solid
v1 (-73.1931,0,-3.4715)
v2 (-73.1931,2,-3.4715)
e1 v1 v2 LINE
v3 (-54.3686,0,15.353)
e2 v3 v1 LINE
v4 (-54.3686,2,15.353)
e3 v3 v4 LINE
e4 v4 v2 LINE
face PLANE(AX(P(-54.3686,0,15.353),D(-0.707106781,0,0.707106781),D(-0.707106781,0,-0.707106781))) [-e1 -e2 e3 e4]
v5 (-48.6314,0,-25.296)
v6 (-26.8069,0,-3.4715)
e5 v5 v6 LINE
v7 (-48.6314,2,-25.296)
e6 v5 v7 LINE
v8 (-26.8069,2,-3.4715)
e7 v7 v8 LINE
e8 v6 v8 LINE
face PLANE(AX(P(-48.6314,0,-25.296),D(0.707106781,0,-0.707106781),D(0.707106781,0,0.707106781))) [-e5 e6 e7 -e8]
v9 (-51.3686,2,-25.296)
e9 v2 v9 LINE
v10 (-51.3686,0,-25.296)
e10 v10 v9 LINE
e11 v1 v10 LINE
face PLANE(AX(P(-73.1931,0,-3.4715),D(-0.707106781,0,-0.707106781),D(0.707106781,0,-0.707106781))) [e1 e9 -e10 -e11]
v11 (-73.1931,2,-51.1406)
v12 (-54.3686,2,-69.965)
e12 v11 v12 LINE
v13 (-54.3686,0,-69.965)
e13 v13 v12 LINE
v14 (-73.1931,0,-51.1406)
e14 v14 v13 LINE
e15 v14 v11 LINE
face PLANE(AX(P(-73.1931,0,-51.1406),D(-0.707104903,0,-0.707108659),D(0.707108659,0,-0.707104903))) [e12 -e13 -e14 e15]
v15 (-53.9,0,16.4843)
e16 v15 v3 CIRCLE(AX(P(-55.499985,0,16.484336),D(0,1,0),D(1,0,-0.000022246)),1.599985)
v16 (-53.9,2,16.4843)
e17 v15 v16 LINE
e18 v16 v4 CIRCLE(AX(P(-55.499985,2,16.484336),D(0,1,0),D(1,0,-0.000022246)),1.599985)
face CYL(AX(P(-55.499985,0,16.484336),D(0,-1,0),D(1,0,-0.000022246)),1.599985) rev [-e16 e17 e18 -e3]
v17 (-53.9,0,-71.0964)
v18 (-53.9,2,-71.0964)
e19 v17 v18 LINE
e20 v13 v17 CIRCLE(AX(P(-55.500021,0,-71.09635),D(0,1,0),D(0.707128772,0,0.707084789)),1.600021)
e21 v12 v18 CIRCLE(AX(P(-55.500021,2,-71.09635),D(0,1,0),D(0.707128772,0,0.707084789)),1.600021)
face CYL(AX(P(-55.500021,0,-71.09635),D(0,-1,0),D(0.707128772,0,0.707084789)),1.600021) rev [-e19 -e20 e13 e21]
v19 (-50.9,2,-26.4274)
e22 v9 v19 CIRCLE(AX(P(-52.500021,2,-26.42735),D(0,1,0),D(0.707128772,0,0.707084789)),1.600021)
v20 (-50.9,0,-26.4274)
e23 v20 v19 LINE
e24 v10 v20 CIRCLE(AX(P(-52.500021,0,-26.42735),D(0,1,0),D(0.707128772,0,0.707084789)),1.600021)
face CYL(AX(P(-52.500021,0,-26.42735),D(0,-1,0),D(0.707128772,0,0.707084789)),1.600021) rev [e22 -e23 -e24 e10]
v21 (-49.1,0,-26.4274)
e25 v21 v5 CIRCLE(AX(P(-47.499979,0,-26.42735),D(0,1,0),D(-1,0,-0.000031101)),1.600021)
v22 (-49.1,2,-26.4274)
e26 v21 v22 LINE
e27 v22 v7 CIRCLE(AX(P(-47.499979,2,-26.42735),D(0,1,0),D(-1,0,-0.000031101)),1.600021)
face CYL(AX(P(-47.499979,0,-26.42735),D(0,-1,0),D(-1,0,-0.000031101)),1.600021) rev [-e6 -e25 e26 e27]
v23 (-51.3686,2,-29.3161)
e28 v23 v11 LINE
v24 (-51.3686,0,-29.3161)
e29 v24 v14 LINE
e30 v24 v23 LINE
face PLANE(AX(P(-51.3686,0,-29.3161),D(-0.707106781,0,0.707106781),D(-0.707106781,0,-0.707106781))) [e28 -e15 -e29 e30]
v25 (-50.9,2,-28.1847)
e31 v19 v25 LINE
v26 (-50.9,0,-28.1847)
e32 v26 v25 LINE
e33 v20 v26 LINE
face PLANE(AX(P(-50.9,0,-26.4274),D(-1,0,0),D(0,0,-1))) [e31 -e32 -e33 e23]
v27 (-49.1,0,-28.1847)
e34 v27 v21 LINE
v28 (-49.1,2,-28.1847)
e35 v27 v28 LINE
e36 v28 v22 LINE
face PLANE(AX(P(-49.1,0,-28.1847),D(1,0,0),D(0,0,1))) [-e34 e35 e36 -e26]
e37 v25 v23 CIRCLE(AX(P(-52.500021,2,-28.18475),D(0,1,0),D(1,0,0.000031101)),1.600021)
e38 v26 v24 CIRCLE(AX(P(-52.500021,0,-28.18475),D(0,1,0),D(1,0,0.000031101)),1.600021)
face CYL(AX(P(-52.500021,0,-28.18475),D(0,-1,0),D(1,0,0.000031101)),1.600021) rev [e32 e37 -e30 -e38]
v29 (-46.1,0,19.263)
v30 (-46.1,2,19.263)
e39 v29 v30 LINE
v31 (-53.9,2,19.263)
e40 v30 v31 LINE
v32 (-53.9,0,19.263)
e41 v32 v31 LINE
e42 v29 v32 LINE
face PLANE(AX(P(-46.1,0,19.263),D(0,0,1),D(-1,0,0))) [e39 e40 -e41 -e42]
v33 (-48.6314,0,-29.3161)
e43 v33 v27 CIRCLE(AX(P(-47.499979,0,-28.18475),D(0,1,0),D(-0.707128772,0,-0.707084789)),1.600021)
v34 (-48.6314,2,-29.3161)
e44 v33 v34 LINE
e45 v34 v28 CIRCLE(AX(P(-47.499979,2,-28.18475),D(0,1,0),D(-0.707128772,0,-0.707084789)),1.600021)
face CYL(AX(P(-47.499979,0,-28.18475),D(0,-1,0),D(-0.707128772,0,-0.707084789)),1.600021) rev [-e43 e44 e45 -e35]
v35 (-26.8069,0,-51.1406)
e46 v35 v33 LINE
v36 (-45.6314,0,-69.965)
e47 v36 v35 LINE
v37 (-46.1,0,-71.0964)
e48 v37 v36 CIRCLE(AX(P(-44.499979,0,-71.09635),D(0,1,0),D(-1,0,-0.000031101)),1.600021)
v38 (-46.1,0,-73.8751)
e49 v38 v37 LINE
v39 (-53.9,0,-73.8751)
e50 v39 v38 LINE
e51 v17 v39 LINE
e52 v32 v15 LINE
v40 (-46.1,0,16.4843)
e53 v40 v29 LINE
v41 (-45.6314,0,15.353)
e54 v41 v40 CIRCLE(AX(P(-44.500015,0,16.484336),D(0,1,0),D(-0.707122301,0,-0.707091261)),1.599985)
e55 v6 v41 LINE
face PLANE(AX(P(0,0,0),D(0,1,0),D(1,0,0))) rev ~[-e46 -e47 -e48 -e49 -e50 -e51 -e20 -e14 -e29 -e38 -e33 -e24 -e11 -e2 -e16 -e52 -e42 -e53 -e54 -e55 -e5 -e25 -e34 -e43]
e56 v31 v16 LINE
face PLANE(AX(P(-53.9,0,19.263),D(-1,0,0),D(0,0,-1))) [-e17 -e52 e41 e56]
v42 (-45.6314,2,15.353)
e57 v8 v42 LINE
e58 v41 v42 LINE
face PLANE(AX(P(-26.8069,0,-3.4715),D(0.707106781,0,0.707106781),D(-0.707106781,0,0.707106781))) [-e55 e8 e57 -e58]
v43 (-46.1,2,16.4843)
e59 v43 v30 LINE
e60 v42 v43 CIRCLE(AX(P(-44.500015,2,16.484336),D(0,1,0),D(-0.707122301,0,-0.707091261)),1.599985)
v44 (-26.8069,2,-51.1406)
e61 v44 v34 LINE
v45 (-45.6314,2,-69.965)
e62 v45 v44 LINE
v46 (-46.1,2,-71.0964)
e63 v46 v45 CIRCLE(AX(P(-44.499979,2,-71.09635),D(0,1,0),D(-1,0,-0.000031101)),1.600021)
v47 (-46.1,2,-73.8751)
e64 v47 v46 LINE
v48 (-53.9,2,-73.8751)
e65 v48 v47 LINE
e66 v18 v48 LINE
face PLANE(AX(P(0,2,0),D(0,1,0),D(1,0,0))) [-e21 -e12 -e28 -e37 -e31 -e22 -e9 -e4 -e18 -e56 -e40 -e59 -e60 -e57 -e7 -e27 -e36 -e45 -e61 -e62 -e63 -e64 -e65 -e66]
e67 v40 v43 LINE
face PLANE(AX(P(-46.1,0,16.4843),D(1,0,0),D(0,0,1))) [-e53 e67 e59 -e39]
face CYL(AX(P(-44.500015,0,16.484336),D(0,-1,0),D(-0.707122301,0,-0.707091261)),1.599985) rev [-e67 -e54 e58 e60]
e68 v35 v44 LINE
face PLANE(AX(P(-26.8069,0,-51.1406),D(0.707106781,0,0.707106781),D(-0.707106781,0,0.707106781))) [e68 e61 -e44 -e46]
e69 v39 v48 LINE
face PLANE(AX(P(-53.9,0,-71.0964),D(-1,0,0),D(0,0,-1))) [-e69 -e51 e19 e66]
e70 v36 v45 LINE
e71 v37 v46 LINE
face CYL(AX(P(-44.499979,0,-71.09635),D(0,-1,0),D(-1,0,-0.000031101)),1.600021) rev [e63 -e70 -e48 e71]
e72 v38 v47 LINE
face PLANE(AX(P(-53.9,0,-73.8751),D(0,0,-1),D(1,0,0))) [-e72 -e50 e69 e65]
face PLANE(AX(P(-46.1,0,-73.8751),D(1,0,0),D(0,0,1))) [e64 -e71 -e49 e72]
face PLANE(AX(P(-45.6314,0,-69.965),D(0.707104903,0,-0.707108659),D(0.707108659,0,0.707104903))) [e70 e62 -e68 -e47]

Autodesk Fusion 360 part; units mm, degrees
sketch "back" plane through (0, 0, 0) normal (0, 1, 0) x (1, 0, 0)
  arc A0 (-49, 26.4274) -> (-48.5607, 25.3667) centre (-47.5, 26.4274) ccw
  line L0 (-46, -19.363) -> (-54, -19.363)
  line L1 (-54.4393, -15.4237) -> (-73.3345, 3.4715)
  arc A1 (-48.5607, 29.2454) -> (-49, 28.1847) centre (-47.5, 28.1847) ccw
  line L2 (-48.5607, 25.3667) -> (-26.6655, 3.4715)
  arc A2 (-54, -16.4843) -> (-54.4393, -15.4237) centre (-55.5, -16.4843) ccw
  arc A3 (-51.4393, 25.3667) -> (-51, 26.4274) centre (-52.5, 26.4274) ccw
  arc A4 (-54.4393, 70.0358) -> (-54, 71.0964) centre (-55.5, 71.0964) ccw
  line L3 (-73.1931, 51.1406) -> (-54.3686, 69.965)
  arc A5 (-54.3686, 69.965) -> (-53.9, 71.0964) centre (-55.5, 71.0964) ccw
  line L4 (-53.9, -19.263) -> (-53.9, -16.4843)
  line L5 (-45.5607, 70.0358) -> (-26.6655, 51.1406)
  line L6 (-51, 26.4274) -> (-51, 28.1847)
  line L7 (-46.1, 73.8751) -> (-46.1, 71.0964)
  line L8 (-46.1, -16.4843) -> (-46.1, -19.263)
  arc A6 (-46, 71.0964) -> (-45.5607, 70.0358) centre (-44.5, 71.0964) ccw
  arc A7 (-45.5607, -15.4237) -> (-46, -16.4843) centre (-44.5, -16.4843) ccw
  line L9 (-54, 71.0964) -> (-54, 73.9751)
  arc A8 (-51, 28.1847) -> (-51.4393, 29.2454) centre (-52.5, 28.1847) ccw
  line L10 (-46, 73.9751) -> (-46, 71.0964)
  line L11 (-26.6655, 3.4715) -> (-45.5607, -15.4237)
  line L12 (-45.6314, 69.965) -> (-26.8069, 51.1406)
  arc A9 (-50.9, 28.1847) -> (-51.3686, 29.3161) centre (-52.5, 28.1847) ccw
  line L13 (-46, -16.4843) -> (-46, -19.363)
  line L14 (-54, -19.363) -> (-54, -16.4843)
  line L15 (-54, 73.9751) -> (-46, 73.9751)
  line L16 (-26.6655, 51.1406) -> (-48.5607, 29.2454)
  line L17 (-51.4393, 29.2454) -> (-73.3345, 51.1406)
  line L18 (-54.3686, -15.353) -> (-73.1931, 3.4715)
  arc A10 (-48.6314, 29.3161) -> (-49.1, 28.1847) centre (-47.5, 28.1847) ccw
  line L19 (-73.3345, 3.4715) -> (-51.4393, 25.3667)
  arc A11 (-51.3686, 25.296) -> (-50.9, 26.4274) centre (-52.5, 26.4274) ccw
  arc A12 (-49.1, 26.4274) -> (-48.6314, 25.296) centre (-47.5, 26.4274) ccw
  line L20 (-50.9, 26.4274) -> (-50.9, 28.1847)
  line L21 (-73.3345, 51.1406) -> (-54.4393, 70.0358)
  line L22 (-53.9, 71.0964) -> (-53.9, 73.8751)
  line L23 (-49, 28.1847) -> (-49, 26.4274)
  arc A13 (-46.1, 71.0964) -> (-45.6314, 69.965) centre (-44.5, 71.0964) ccw
  line L24 (-49.1, 28.1847) -> (-49.1, 26.4274)
  arc A14 (-45.6314, -15.353) -> (-46.1, -16.4843) centre (-44.5, -16.4843) ccw
  line L25 (-26.8069, 3.4715) -> (-45.6314, -15.353)
  arc A15 (-53.9, -16.4843) -> (-54.3686, -15.353) centre (-55.5, -16.4843) ccw
  line L26 (-26.8069, 51.1406) -> (-48.6314, 29.3161)
  line L27 (-73.1931, 3.4715) -> (-51.3686, 25.296)
  line L28 (-51.3686, 29.3161) -> (-73.1931, 51.1406)
  line L29 (-48.6314, 25.296) -> (-26.8069, 3.4715)
  line L30 (-46.1, -19.263) -> (-53.9, -19.263)
  line L31 (-53.9, 73.8751) -> (-46.1, 73.8751)
extrude "Extrude1" add sketch "back" along normal blind 2 contours L3 A5 L4 L7 L8 L12 A9 L18 A10 A11 A12 L20 L22 A13 L24 A14 L25 A15 L26 L27 L28 L29 L30 L31
